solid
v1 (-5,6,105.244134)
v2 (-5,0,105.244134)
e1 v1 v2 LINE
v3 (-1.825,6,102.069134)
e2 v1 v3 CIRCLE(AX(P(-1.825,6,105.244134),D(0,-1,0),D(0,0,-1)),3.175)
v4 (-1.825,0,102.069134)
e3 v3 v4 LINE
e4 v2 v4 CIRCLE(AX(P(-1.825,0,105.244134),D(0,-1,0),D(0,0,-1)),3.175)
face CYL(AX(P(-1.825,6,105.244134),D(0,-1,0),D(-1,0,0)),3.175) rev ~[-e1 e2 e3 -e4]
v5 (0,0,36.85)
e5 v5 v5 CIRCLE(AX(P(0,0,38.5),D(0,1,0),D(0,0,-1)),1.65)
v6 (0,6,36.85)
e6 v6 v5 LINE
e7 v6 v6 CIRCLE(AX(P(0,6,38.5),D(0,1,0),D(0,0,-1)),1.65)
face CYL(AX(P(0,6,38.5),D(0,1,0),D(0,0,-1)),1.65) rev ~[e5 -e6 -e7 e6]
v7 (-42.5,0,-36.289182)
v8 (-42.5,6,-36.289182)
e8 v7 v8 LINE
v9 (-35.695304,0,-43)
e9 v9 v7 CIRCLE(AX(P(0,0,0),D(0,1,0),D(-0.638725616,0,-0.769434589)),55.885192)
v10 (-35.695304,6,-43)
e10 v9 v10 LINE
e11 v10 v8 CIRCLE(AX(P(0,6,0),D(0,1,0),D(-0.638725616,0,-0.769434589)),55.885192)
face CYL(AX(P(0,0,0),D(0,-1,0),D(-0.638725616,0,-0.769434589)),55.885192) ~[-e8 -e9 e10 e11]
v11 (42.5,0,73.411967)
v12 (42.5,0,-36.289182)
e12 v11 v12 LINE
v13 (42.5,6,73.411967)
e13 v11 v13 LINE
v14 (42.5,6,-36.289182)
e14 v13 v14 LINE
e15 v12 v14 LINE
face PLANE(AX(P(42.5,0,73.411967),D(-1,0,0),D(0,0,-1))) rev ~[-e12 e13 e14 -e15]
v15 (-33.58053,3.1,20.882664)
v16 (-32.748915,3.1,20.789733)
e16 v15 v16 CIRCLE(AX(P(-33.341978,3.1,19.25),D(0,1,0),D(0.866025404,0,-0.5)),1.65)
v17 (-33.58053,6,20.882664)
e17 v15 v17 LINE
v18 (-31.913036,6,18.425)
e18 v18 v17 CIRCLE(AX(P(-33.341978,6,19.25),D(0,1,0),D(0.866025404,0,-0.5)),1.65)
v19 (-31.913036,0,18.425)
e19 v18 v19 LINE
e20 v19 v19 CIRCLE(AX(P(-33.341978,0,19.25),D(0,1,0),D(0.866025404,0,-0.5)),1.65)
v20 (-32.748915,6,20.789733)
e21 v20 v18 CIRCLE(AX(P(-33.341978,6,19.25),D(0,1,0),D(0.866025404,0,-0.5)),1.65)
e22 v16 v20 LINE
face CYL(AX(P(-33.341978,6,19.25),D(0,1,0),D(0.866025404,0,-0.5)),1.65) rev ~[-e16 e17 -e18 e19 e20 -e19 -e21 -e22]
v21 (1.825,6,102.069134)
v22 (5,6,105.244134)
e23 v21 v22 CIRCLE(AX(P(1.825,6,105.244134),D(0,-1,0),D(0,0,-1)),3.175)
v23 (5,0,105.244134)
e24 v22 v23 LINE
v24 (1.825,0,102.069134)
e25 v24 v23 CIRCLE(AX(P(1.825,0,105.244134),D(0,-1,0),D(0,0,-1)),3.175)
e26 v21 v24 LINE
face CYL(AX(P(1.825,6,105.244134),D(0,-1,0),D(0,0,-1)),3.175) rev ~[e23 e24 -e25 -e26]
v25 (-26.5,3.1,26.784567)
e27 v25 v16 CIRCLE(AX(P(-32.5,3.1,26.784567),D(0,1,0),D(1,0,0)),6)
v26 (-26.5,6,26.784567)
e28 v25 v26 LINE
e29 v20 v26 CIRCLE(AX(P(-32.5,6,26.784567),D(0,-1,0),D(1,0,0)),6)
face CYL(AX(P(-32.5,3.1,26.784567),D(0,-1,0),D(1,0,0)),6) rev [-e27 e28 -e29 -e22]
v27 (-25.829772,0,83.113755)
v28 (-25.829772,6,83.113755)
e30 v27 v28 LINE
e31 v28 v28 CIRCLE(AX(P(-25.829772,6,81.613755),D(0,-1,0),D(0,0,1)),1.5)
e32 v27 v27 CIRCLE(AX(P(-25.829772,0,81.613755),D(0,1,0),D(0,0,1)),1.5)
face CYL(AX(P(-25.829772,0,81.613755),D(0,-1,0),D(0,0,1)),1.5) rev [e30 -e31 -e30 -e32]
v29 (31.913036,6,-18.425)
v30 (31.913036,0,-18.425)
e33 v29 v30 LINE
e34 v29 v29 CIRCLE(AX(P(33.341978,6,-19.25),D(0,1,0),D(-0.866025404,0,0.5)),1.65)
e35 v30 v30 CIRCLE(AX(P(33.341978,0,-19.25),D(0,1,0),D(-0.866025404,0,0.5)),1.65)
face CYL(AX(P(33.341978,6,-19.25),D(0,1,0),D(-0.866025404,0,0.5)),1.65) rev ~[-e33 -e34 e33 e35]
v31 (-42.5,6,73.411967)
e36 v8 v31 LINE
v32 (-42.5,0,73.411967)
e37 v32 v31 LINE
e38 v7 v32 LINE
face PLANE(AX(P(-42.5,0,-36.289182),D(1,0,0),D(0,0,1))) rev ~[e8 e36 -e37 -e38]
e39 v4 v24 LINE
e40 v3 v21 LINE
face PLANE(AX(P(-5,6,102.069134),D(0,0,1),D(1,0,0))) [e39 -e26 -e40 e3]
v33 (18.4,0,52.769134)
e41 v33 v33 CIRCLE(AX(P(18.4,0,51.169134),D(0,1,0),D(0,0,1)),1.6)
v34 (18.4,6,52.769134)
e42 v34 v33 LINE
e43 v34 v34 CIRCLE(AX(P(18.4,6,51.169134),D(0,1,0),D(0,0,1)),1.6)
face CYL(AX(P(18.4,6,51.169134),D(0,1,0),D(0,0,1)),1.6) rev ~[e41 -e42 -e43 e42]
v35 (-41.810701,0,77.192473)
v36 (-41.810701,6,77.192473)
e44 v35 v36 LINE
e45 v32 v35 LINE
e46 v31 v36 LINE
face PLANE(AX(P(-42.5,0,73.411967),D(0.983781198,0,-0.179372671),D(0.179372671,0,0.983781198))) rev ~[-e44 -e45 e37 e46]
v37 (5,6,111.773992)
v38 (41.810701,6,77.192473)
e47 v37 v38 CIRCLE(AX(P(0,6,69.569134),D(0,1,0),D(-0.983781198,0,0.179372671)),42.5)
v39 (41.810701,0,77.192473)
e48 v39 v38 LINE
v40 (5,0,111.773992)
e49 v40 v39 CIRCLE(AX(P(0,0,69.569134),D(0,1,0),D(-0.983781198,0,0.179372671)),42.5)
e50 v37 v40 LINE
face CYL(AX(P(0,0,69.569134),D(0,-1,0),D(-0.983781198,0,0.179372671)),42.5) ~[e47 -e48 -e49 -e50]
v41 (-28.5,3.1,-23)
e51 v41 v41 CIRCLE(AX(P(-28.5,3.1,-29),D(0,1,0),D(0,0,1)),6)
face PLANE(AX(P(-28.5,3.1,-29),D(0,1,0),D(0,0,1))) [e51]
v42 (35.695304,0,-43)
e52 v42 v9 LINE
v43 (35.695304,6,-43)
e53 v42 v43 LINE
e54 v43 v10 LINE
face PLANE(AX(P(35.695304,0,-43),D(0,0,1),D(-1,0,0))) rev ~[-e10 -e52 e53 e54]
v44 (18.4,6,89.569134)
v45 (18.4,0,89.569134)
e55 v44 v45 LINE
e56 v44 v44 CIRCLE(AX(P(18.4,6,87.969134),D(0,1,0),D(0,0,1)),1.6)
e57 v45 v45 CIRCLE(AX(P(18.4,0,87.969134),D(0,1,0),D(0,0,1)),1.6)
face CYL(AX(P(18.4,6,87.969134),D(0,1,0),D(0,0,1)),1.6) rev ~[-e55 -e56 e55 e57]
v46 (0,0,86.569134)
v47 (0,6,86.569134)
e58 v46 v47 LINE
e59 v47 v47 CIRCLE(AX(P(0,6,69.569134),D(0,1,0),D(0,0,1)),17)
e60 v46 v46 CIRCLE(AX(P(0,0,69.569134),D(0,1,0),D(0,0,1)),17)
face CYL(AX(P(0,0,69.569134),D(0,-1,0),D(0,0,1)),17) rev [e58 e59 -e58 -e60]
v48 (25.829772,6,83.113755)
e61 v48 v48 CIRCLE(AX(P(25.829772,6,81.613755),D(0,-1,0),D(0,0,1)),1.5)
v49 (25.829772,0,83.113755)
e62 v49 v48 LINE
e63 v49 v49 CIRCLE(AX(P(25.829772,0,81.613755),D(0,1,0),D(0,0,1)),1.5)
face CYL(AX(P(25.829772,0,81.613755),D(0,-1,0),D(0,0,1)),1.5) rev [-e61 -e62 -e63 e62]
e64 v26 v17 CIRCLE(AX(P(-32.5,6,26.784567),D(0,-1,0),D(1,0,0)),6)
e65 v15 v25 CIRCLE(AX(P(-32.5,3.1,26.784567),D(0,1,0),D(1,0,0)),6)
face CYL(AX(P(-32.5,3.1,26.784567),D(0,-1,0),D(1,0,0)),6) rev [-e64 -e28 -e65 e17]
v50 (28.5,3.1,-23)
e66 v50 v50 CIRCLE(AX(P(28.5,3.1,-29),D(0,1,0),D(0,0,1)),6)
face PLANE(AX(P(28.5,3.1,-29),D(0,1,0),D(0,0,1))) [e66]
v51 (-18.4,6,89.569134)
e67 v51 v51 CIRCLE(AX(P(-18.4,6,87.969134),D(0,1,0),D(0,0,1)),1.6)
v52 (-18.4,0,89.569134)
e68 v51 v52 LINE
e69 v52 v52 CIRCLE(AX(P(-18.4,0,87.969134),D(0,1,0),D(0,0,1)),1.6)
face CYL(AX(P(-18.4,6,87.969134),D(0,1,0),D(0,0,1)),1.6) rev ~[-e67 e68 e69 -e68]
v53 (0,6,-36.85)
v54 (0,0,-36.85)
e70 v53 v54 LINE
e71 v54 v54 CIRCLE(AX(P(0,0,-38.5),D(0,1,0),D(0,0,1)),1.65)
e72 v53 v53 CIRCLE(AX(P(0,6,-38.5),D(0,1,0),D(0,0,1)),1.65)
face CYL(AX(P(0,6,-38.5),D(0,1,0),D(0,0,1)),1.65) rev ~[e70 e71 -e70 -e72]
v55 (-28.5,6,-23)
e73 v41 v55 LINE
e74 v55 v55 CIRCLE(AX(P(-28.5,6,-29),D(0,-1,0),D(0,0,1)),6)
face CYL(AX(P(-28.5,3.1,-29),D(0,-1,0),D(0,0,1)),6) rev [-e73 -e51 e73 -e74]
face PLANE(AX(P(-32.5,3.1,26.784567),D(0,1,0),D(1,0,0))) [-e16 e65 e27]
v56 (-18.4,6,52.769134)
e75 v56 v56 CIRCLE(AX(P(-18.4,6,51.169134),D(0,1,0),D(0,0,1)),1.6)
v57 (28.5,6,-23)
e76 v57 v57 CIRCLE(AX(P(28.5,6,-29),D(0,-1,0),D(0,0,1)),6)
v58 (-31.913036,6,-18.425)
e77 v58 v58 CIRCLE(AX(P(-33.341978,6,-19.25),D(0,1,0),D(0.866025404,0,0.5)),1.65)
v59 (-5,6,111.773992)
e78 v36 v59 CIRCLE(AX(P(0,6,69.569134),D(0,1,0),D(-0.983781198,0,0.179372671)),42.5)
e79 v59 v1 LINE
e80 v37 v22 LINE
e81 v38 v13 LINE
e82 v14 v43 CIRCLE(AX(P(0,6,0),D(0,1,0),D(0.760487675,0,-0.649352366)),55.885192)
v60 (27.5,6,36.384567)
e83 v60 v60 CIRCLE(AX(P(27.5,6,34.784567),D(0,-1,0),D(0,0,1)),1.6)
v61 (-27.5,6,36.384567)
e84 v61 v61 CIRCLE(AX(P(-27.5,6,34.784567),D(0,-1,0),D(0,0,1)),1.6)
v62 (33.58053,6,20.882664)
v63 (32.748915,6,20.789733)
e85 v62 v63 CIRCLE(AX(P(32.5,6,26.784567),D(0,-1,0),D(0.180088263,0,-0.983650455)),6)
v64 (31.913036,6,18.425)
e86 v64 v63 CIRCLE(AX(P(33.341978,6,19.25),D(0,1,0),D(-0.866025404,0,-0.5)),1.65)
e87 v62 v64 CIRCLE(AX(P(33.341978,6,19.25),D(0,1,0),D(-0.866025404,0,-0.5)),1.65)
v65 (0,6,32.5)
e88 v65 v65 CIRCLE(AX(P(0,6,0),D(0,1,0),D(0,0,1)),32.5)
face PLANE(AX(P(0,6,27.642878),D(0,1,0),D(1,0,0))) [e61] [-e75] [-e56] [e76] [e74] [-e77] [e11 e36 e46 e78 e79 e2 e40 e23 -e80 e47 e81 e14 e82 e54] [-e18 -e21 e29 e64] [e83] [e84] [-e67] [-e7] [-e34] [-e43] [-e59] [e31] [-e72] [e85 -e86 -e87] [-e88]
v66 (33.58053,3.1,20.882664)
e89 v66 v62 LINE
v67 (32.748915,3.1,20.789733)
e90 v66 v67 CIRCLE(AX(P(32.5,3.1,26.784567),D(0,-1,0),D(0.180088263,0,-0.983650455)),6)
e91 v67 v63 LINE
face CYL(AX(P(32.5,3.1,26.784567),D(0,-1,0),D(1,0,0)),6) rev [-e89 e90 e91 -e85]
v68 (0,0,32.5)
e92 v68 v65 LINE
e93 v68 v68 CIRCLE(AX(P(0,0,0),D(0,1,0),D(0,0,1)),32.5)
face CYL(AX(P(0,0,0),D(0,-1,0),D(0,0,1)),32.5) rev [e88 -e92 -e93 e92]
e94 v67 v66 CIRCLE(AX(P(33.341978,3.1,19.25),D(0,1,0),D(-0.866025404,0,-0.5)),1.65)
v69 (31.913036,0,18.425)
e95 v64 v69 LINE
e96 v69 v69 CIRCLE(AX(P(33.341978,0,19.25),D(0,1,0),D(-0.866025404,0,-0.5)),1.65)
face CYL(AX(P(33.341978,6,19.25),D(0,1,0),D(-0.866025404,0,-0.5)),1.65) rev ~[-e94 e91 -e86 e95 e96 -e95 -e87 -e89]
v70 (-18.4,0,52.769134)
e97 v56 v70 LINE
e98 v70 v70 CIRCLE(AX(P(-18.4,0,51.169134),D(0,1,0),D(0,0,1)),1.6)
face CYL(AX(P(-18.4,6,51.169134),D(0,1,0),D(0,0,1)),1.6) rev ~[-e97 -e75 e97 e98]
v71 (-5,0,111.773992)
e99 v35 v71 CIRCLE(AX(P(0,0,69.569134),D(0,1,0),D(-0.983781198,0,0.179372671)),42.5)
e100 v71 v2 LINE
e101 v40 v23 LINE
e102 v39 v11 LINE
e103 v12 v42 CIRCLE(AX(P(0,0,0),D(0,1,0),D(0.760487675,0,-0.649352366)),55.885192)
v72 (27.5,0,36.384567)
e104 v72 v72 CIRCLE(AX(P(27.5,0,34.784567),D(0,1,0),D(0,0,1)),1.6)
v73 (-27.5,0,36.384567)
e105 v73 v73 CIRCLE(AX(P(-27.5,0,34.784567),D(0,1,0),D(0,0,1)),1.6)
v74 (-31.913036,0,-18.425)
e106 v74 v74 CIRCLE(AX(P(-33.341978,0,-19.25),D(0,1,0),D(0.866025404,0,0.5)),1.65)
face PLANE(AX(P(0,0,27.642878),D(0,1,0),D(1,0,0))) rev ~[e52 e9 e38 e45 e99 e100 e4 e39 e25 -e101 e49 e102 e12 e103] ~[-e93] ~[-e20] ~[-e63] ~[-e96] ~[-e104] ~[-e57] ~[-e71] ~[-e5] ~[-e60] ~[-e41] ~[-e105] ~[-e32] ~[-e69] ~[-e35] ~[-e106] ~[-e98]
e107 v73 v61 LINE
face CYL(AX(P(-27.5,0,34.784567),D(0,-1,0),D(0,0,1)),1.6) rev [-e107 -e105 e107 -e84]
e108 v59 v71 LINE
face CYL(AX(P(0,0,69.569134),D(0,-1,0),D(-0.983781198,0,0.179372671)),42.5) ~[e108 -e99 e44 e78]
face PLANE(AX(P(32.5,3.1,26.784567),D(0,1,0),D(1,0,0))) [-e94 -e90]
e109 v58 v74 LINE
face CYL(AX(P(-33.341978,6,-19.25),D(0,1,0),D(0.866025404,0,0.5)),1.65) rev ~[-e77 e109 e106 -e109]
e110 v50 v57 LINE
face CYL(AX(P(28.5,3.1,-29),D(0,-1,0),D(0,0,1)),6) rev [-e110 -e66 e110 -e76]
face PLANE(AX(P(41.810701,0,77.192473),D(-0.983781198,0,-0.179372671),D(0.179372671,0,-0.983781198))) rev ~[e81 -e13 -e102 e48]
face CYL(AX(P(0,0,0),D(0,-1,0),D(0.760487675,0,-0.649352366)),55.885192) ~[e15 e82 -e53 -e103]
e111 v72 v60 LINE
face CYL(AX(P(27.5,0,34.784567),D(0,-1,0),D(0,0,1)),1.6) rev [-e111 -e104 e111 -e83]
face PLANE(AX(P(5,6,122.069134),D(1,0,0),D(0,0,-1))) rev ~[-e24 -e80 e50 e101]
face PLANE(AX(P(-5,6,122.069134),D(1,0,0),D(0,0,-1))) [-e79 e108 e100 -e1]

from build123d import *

# Parameters (mm, degrees)
SKETCH1_R            = 32.5
SKETCH1_R_2          = 17
BOSS_EXTRUDE1_DEPTH  = 6
SKETCH2_R            = 1.6
CUT_EXTRUDE1_DEPTH   = 6
LPATTERN1_COUNT      = 2
LPATTERN1_PITCH      = 36.8
LPATTERN1_COUNT_DIR2 = 2
LPATTERN1_PITCH_DIR2 = 36.8
SKETCH3_R            = 1.65
CUT_EXTRUDE2_DEPTH   = 10
CIRPATTERN1_COUNT    = 6
SKETCH6_W            = 10
SKETCH6_H            = 20
CUT_EXTRUDE4_DEPTH   = 10
SKETCH7_R            = 1.6
SKETCH7_R_2          = 1.5
CUT_EXTRUDE5_DEPTH   = 20
FILLET1_R            = 3.175
CUT_EXTRUDE6_START   = 3.1
SKETCH8_R            = 6
CUT_EXTRUDE6_DEPTH   = 20


with BuildPart() as part:
    # Sketch1 → Boss-Extrude1 (new body)
    with BuildSketch(Plane(origin=(0, 0, 0), x_dir=(1, 0, 0), z_dir=(0, 1, 0))):
        with BuildLine():
            Line((-42.5, -73.411966665), (-41.810700901, -77.192472856))
            ThreePointArc((-41.810700901, -77.192472856), (0, -112.069134335), (41.810700901, -77.192472856))
            Line((41.810700901, -77.192472856), (42.5, -73.411966665))
            Line((42.5, -73.411966665), (42.5, 36.289181897))
            ThreePointArc((42.5, 36.289181897), (39.241370505, 39.790319974), (35.695303931, 43))
            Line((35.695303931, 43), (-35.695303931, 43))
            ThreePointArc((-35.695303931, 43), (-39.241370505, 39.790319974), (-42.5, 36.289181897))
            Line((-42.5, 36.289181897), (-42.5, -73.411966665))
        make_face()
        with Locations(Location((0, 0, 0), (0, 0, 270))):
            Circle(SKETCH1_R, mode=Mode.SUBTRACT)
        with Locations(Location((0, -69.569134335, 0), (0, 0, 270))):
            Circle(SKETCH1_R_2, mode=Mode.SUBTRACT)
    extrude(amount=BOSS_EXTRUDE1_DEPTH)

    # Sketch2 → Cut-Extrude1 (cut)
    with BuildSketch(Plane(origin=(0, 6, 0), x_dir=(1, 0, 0), z_dir=(0, 1, 0))):
        with Locations(Location((18.4, -51.169134335, 0), (0, 0, 270))):
            Circle(SKETCH2_R)
    cut_extrude1 = extrude(amount=-CUT_EXTRUDE1_DEPTH, mode=Mode.SUBTRACT)

    # LPattern1: Cut-Extrude1 2 × 2
    with Locations(*[(-j * LPATTERN1_PITCH_DIR2, 0, i * LPATTERN1_PITCH) for i in range(LPATTERN1_COUNT) for j in range(LPATTERN1_COUNT_DIR2) if (i, j) != (0, 0)]):
        add(cut_extrude1, mode=Mode.SUBTRACT)

    # Sketch3 → Cut-Extrude2 (cut)
    with BuildSketch(Plane(origin=(0, 6, 0), x_dir=(1, 0, 0), z_dir=(0, 1, 0))):
        with Locations(Location((0, 38.5, 0), (0, 0, 270))):
            Circle(SKETCH3_R)
    cut_extrude2 = extrude(amount=-CUT_EXTRUDE2_DEPTH, mode=Mode.SUBTRACT)

    # CirPattern1: Cut-Extrude2 ×6 about axis
    cirpattern1_axis = Axis((0, 0, 0), (0, 1, 0))
    for i in range(1, CIRPATTERN1_COUNT):
        add(cut_extrude2.rotate(cirpattern1_axis, i * 360 / CIRPATTERN1_COUNT), mode=Mode.SUBTRACT)

    # Sketch6 → Cut-Extrude4 (cut)
    with BuildSketch(Plane(origin=(0, 6, 0), x_dir=(1, 0, 0), z_dir=(0, 1, 0))):
        with Locations((0, -112.069134335)):
            Rectangle(SKETCH6_W, SKETCH6_H)
    extrude(amount=-CUT_EXTRUDE4_DEPTH, mode=Mode.SUBTRACT)

    # Sketch7 → Cut-Extrude5 (cut)
    with BuildSketch(Plane(origin=(0, 0, 0), x_dir=(1, 0, 0), z_dir=(0, 1, 0))):
        with Locations(Location((-27.5, -34.784567168, 0), (0, 0, 270))):
            Circle(SKETCH7_R)
        with Locations(Location((-25.829771931, -81.613754795, 0), (0, 0, 270))):
            Circle(SKETCH7_R_2)
        with Locations(Location((25.829771931, -81.613754795, 0), (0, 0, 270))):
            Circle(SKETCH7_R_2)
        with Locations(Location((27.5, -34.784567168, 0), (0, 0, 270))):
            Circle(SKETCH7_R)
    extrude(amount=CUT_EXTRUDE5_DEPTH, mode=Mode.SUBTRACT)

    # Fillet1
    fillet1_edges = [part.edges().sort_by_distance(p)[0] for p in [
        (-5, 3, 102.069134335),
        (5, 3, 102.069134335),
    ]]
    fillet(fillet1_edges, radius=FILLET1_R)

    # Sketch8 → Cut-Extrude6 (cut)
    with BuildSketch(Plane(origin=(0, 0, 0), x_dir=(1, 0, 0), z_dir=(0, 1, 0)).offset(CUT_EXTRUDE6_START)):
        with Locations(Location((-28.5, 29, 0), (0, 0, 270))):
            Circle(SKETCH8_R)
        with Locations((-32.5, -26.784567168)):
            Circle(SKETCH8_R)
        with Locations((32.5, -26.784567168)):
            Circle(SKETCH8_R)
        with Locations(Location((28.5, 29, 0), (0, 0, 270))):
            Circle(SKETCH8_R)
    extrude(amount=CUT_EXTRUDE6_DEPTH, mode=Mode.SUBTRACT)


solid = part.part
